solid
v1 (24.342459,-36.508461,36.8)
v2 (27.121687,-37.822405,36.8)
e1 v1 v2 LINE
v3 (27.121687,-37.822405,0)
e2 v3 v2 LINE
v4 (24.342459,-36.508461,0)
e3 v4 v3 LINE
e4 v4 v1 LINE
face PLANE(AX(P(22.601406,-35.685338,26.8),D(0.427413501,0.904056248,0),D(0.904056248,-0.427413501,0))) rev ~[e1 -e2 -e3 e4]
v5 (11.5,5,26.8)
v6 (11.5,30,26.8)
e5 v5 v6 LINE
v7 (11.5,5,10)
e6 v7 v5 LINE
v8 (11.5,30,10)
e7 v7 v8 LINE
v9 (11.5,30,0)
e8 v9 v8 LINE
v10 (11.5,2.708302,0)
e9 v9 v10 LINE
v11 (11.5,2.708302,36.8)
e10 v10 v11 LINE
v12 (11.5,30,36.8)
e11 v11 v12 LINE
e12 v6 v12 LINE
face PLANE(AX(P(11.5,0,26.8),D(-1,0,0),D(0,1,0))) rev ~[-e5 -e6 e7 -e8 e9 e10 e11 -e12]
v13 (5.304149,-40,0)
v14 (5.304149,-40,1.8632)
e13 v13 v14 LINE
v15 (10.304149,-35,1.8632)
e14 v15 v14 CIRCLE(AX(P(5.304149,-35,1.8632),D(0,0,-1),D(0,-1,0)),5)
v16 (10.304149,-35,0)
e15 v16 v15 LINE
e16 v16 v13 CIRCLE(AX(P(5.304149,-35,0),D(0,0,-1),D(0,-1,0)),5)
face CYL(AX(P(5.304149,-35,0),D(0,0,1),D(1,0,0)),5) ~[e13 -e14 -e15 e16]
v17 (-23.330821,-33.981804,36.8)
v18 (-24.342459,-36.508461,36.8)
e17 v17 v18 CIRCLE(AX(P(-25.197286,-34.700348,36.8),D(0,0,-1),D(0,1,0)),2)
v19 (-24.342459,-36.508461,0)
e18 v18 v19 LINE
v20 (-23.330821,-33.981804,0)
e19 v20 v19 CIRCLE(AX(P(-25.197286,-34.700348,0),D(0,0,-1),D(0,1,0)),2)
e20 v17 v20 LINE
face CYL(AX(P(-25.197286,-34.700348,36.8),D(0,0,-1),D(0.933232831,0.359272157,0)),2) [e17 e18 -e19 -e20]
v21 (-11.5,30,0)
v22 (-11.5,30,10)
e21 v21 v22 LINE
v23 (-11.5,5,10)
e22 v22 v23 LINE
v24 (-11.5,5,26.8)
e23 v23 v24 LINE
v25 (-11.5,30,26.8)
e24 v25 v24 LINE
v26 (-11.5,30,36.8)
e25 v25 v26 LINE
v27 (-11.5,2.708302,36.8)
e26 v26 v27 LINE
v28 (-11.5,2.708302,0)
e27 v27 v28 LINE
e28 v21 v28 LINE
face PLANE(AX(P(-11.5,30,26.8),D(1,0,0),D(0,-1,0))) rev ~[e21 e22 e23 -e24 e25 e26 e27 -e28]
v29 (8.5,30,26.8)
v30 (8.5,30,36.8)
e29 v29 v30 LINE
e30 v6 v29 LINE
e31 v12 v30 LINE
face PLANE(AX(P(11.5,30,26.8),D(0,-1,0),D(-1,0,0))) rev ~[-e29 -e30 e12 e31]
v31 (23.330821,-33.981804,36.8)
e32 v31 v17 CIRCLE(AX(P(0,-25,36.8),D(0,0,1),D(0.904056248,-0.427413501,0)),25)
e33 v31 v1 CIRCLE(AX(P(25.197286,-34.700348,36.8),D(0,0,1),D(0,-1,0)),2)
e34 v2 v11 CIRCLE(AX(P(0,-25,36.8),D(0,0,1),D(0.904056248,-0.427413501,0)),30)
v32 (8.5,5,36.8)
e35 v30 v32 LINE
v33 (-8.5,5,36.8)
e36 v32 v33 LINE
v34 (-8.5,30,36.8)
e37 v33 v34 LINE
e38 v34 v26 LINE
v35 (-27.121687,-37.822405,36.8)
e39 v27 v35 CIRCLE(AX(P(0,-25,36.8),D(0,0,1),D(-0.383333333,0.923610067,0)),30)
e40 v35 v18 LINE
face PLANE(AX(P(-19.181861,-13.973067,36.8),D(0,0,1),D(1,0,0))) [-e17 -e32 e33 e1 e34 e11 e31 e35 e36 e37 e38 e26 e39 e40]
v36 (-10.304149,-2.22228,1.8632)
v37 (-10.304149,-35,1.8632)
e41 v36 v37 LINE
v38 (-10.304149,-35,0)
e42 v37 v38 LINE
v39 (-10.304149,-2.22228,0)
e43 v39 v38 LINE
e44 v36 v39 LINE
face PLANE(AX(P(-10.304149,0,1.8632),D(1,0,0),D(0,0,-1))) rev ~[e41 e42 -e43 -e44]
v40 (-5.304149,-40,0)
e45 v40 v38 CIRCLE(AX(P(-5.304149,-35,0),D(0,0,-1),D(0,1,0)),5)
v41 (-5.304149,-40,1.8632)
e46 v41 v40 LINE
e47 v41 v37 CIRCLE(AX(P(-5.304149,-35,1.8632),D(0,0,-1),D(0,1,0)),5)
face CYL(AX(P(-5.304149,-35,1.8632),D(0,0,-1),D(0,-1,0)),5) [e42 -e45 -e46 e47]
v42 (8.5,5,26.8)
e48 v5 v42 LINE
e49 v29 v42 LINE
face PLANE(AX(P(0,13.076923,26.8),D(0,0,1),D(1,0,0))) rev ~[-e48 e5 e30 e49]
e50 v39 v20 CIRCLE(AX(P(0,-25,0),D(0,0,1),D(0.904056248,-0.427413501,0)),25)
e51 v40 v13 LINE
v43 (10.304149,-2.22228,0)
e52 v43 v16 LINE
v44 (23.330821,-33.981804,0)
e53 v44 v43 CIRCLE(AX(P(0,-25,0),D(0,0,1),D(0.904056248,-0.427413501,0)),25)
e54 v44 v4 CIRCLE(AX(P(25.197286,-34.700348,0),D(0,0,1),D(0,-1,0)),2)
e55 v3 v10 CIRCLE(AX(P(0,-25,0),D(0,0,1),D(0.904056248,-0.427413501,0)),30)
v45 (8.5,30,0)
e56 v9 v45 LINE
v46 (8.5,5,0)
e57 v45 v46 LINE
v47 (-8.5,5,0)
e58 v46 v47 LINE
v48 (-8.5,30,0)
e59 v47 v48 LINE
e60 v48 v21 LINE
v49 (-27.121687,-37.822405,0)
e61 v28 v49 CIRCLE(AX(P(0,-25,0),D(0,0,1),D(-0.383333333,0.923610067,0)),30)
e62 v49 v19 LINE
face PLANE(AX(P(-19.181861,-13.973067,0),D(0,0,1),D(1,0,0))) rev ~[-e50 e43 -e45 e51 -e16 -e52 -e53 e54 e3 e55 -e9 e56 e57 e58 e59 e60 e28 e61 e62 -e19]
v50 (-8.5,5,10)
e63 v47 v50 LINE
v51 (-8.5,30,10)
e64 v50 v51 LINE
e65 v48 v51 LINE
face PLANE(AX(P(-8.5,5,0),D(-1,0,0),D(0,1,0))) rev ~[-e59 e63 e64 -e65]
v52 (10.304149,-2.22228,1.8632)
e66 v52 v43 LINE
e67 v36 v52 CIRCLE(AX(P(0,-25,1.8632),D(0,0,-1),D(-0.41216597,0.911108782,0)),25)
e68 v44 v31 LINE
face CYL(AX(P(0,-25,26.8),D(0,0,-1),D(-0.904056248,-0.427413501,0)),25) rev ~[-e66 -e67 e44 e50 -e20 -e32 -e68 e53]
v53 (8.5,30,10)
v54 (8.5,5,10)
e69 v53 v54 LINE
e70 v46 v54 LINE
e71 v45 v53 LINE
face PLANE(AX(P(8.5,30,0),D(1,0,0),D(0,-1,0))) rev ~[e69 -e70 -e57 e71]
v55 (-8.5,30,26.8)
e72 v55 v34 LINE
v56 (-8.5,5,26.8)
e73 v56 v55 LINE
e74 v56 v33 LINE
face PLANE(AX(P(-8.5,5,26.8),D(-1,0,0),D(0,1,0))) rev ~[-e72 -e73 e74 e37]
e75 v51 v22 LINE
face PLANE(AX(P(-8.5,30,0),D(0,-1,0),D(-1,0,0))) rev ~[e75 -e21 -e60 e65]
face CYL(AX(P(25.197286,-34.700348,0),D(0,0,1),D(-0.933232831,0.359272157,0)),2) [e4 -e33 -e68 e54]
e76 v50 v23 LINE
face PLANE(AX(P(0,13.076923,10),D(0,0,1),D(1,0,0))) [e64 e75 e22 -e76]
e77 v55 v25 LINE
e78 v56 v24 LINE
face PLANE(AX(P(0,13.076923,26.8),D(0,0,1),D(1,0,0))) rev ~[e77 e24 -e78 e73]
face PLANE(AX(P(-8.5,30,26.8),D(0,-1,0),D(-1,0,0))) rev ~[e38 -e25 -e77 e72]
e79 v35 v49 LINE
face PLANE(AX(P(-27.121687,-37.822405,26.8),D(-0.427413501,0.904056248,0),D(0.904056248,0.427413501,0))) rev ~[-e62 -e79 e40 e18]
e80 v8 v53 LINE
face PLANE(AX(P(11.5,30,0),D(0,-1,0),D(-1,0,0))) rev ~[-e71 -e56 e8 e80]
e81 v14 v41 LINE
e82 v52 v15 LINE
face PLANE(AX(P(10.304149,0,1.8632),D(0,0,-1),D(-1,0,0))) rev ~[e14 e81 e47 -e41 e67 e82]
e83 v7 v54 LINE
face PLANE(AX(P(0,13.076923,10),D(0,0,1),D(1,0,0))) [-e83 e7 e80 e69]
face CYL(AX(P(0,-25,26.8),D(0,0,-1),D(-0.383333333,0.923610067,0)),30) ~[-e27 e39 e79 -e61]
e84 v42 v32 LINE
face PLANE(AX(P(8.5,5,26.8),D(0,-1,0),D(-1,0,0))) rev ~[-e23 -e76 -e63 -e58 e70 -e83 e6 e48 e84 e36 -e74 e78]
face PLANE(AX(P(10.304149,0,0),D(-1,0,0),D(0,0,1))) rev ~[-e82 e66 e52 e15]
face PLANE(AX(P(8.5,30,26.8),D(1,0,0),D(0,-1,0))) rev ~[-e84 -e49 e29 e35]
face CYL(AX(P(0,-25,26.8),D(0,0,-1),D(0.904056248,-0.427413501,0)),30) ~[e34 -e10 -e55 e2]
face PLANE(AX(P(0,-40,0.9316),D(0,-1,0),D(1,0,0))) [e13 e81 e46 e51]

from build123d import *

# Parameters (mm, degrees)
F1_DEPTH      = 10
F3_DEPTH      = 16.8
F3_DEPTH_BACK = 10
F5_DEPTH      = 10
F6_DEPTH      = 10
F7_R          = 2
F9_DEPTH      = 40
F10_R         = 5


with BuildPart() as f1:
    # F0 (on Top) → F1 (new body)
    with BuildSketch(Plane.XY):
        Polygon((-11.5, 0), (0, 0), (11.5, 0), (11.5, 30), (8.5, 30), (8.5, 5), (0, 5), (-8.5, 5), (-8.5, 30), (-11.5, 30), align=None)
    extrude(amount=F1_DEPTH)

    # F2 (on face) → F3 (join, two sides)
    with BuildSketch(Plane.XY.offset(10)) as f3_sk:
        with BuildLine():
            Line((0, 0), (-11.5, 0))
            Line((-11.5, 0), (-11.5, 2.708302005))
            ThreePointArc((-11.5, 2.708302005), (-27.9927354573, -14.2108034768), (-27.1216874277, -37.8224050425))
            Line((-27.1216874277, -37.8224050425), (-22.6014061897, -35.6853375354))
            ThreePointArc((-22.6014061897, -35.6853375354), (-21.1202916455, -11.6234054854), (0, 0))
        make_face()
        with BuildLine():
            Line((-11.5, 2.708302005), (-11.5, 0))
            Line((-11.5, 0), (0, 0))
            Line((0, 0), (11.5, 0))
            Line((11.5, 0), (11.5, 2.708302005))
            ThreePointArc((11.5, 2.708302005), (5.863059775, 4.4214977538), (0, 5))
            ThreePointArc((0, 5), (-5.863059775, 4.4214977538), (-11.5, 2.708302005))
        make_face()
        with BuildLine():
            Line((11.5, 0), (0, 0))
            ThreePointArc((0, 0), (21.1202916455, -11.6234054854), (22.6014061897, -35.6853375354))
            Line((22.6014061897, -35.6853375354), (27.1216874277, -37.8224050425))
            ThreePointArc((27.1216874277, -37.8224050425), (27.9927354573, -14.2108034768), (11.5, 2.708302005))
            Line((11.5, 2.708302005), (11.5, 0))
        make_face()
        with BuildLine():
            Line((-11.5, 5), (-11.5, 2.708302005))
            ThreePointArc((-11.5, 2.708302005), (-5.863059775, 4.4214977538), (0, 5))
            Line((0, 5), (-8.5, 5))
            Line((-8.5, 5), (-11.5, 5))
        make_face()
        with BuildLine():
            Line((8.5, 5), (0, 5))
            ThreePointArc((0, 5), (5.863059775, 4.4214977538), (11.5, 2.708302005))
            Line((11.5, 2.708302005), (11.5, 5))
            Line((11.5, 5), (8.5, 5))
        make_face()
    extrude(amount=F3_DEPTH)
    extrude(f3_sk.sketch, amount=-F3_DEPTH_BACK)

    # F4 (on face) → F5 (join)
    with BuildSketch(Plane.XY.offset(26.8)):
        Polygon((-11.5, 0), (0, 0), (11.5, 0), (11.5, 30), (8.5, 30), (8.5, 5), (0, 5), (-8.5, 5), (-8.5, 30), (-11.5, 30), align=None)
    extrude(amount=F5_DEPTH)

    # F6 (add, through all): faces of the model
    f6_faces = [f1.faces().sort_by_distance(p)[0] for p in [
        (-27.5222189006, -14.392153942, 26.8),
        (27.5222189006, -14.392153942, 26.8),
    ]]
    extrude(f6_faces, amount=F6_DEPTH)

    # F7
    f7_edges = [f1.edges().sort_by_distance(p)[0] for p in [
        (22.601406, -35.685338, 18.4),
        (-22.601406, -35.685338, 18.4),
    ]]
    fillet(f7_edges, radius=F7_R)

    # F8 (on Front) → F9 (join)
    with BuildSketch(Plane.XZ):
        Polygon((-10.3041492403, 0), (0, 0), (10.3041492403, 0), (10.3041492403, 1.8631997518), (0, 1.8631997518), (-10.3041492403, 1.8631997518), align=None)
    extrude(amount=F9_DEPTH)

    # F10
    f10_edges = [f1.edges().sort_by_distance(p)[0] for p in [
        (-10.304149, -40, 0.9316),
        (10.304149, -40, 0.9316),
    ]]
    fillet(f10_edges, radius=F10_R)


solid = f1.part
